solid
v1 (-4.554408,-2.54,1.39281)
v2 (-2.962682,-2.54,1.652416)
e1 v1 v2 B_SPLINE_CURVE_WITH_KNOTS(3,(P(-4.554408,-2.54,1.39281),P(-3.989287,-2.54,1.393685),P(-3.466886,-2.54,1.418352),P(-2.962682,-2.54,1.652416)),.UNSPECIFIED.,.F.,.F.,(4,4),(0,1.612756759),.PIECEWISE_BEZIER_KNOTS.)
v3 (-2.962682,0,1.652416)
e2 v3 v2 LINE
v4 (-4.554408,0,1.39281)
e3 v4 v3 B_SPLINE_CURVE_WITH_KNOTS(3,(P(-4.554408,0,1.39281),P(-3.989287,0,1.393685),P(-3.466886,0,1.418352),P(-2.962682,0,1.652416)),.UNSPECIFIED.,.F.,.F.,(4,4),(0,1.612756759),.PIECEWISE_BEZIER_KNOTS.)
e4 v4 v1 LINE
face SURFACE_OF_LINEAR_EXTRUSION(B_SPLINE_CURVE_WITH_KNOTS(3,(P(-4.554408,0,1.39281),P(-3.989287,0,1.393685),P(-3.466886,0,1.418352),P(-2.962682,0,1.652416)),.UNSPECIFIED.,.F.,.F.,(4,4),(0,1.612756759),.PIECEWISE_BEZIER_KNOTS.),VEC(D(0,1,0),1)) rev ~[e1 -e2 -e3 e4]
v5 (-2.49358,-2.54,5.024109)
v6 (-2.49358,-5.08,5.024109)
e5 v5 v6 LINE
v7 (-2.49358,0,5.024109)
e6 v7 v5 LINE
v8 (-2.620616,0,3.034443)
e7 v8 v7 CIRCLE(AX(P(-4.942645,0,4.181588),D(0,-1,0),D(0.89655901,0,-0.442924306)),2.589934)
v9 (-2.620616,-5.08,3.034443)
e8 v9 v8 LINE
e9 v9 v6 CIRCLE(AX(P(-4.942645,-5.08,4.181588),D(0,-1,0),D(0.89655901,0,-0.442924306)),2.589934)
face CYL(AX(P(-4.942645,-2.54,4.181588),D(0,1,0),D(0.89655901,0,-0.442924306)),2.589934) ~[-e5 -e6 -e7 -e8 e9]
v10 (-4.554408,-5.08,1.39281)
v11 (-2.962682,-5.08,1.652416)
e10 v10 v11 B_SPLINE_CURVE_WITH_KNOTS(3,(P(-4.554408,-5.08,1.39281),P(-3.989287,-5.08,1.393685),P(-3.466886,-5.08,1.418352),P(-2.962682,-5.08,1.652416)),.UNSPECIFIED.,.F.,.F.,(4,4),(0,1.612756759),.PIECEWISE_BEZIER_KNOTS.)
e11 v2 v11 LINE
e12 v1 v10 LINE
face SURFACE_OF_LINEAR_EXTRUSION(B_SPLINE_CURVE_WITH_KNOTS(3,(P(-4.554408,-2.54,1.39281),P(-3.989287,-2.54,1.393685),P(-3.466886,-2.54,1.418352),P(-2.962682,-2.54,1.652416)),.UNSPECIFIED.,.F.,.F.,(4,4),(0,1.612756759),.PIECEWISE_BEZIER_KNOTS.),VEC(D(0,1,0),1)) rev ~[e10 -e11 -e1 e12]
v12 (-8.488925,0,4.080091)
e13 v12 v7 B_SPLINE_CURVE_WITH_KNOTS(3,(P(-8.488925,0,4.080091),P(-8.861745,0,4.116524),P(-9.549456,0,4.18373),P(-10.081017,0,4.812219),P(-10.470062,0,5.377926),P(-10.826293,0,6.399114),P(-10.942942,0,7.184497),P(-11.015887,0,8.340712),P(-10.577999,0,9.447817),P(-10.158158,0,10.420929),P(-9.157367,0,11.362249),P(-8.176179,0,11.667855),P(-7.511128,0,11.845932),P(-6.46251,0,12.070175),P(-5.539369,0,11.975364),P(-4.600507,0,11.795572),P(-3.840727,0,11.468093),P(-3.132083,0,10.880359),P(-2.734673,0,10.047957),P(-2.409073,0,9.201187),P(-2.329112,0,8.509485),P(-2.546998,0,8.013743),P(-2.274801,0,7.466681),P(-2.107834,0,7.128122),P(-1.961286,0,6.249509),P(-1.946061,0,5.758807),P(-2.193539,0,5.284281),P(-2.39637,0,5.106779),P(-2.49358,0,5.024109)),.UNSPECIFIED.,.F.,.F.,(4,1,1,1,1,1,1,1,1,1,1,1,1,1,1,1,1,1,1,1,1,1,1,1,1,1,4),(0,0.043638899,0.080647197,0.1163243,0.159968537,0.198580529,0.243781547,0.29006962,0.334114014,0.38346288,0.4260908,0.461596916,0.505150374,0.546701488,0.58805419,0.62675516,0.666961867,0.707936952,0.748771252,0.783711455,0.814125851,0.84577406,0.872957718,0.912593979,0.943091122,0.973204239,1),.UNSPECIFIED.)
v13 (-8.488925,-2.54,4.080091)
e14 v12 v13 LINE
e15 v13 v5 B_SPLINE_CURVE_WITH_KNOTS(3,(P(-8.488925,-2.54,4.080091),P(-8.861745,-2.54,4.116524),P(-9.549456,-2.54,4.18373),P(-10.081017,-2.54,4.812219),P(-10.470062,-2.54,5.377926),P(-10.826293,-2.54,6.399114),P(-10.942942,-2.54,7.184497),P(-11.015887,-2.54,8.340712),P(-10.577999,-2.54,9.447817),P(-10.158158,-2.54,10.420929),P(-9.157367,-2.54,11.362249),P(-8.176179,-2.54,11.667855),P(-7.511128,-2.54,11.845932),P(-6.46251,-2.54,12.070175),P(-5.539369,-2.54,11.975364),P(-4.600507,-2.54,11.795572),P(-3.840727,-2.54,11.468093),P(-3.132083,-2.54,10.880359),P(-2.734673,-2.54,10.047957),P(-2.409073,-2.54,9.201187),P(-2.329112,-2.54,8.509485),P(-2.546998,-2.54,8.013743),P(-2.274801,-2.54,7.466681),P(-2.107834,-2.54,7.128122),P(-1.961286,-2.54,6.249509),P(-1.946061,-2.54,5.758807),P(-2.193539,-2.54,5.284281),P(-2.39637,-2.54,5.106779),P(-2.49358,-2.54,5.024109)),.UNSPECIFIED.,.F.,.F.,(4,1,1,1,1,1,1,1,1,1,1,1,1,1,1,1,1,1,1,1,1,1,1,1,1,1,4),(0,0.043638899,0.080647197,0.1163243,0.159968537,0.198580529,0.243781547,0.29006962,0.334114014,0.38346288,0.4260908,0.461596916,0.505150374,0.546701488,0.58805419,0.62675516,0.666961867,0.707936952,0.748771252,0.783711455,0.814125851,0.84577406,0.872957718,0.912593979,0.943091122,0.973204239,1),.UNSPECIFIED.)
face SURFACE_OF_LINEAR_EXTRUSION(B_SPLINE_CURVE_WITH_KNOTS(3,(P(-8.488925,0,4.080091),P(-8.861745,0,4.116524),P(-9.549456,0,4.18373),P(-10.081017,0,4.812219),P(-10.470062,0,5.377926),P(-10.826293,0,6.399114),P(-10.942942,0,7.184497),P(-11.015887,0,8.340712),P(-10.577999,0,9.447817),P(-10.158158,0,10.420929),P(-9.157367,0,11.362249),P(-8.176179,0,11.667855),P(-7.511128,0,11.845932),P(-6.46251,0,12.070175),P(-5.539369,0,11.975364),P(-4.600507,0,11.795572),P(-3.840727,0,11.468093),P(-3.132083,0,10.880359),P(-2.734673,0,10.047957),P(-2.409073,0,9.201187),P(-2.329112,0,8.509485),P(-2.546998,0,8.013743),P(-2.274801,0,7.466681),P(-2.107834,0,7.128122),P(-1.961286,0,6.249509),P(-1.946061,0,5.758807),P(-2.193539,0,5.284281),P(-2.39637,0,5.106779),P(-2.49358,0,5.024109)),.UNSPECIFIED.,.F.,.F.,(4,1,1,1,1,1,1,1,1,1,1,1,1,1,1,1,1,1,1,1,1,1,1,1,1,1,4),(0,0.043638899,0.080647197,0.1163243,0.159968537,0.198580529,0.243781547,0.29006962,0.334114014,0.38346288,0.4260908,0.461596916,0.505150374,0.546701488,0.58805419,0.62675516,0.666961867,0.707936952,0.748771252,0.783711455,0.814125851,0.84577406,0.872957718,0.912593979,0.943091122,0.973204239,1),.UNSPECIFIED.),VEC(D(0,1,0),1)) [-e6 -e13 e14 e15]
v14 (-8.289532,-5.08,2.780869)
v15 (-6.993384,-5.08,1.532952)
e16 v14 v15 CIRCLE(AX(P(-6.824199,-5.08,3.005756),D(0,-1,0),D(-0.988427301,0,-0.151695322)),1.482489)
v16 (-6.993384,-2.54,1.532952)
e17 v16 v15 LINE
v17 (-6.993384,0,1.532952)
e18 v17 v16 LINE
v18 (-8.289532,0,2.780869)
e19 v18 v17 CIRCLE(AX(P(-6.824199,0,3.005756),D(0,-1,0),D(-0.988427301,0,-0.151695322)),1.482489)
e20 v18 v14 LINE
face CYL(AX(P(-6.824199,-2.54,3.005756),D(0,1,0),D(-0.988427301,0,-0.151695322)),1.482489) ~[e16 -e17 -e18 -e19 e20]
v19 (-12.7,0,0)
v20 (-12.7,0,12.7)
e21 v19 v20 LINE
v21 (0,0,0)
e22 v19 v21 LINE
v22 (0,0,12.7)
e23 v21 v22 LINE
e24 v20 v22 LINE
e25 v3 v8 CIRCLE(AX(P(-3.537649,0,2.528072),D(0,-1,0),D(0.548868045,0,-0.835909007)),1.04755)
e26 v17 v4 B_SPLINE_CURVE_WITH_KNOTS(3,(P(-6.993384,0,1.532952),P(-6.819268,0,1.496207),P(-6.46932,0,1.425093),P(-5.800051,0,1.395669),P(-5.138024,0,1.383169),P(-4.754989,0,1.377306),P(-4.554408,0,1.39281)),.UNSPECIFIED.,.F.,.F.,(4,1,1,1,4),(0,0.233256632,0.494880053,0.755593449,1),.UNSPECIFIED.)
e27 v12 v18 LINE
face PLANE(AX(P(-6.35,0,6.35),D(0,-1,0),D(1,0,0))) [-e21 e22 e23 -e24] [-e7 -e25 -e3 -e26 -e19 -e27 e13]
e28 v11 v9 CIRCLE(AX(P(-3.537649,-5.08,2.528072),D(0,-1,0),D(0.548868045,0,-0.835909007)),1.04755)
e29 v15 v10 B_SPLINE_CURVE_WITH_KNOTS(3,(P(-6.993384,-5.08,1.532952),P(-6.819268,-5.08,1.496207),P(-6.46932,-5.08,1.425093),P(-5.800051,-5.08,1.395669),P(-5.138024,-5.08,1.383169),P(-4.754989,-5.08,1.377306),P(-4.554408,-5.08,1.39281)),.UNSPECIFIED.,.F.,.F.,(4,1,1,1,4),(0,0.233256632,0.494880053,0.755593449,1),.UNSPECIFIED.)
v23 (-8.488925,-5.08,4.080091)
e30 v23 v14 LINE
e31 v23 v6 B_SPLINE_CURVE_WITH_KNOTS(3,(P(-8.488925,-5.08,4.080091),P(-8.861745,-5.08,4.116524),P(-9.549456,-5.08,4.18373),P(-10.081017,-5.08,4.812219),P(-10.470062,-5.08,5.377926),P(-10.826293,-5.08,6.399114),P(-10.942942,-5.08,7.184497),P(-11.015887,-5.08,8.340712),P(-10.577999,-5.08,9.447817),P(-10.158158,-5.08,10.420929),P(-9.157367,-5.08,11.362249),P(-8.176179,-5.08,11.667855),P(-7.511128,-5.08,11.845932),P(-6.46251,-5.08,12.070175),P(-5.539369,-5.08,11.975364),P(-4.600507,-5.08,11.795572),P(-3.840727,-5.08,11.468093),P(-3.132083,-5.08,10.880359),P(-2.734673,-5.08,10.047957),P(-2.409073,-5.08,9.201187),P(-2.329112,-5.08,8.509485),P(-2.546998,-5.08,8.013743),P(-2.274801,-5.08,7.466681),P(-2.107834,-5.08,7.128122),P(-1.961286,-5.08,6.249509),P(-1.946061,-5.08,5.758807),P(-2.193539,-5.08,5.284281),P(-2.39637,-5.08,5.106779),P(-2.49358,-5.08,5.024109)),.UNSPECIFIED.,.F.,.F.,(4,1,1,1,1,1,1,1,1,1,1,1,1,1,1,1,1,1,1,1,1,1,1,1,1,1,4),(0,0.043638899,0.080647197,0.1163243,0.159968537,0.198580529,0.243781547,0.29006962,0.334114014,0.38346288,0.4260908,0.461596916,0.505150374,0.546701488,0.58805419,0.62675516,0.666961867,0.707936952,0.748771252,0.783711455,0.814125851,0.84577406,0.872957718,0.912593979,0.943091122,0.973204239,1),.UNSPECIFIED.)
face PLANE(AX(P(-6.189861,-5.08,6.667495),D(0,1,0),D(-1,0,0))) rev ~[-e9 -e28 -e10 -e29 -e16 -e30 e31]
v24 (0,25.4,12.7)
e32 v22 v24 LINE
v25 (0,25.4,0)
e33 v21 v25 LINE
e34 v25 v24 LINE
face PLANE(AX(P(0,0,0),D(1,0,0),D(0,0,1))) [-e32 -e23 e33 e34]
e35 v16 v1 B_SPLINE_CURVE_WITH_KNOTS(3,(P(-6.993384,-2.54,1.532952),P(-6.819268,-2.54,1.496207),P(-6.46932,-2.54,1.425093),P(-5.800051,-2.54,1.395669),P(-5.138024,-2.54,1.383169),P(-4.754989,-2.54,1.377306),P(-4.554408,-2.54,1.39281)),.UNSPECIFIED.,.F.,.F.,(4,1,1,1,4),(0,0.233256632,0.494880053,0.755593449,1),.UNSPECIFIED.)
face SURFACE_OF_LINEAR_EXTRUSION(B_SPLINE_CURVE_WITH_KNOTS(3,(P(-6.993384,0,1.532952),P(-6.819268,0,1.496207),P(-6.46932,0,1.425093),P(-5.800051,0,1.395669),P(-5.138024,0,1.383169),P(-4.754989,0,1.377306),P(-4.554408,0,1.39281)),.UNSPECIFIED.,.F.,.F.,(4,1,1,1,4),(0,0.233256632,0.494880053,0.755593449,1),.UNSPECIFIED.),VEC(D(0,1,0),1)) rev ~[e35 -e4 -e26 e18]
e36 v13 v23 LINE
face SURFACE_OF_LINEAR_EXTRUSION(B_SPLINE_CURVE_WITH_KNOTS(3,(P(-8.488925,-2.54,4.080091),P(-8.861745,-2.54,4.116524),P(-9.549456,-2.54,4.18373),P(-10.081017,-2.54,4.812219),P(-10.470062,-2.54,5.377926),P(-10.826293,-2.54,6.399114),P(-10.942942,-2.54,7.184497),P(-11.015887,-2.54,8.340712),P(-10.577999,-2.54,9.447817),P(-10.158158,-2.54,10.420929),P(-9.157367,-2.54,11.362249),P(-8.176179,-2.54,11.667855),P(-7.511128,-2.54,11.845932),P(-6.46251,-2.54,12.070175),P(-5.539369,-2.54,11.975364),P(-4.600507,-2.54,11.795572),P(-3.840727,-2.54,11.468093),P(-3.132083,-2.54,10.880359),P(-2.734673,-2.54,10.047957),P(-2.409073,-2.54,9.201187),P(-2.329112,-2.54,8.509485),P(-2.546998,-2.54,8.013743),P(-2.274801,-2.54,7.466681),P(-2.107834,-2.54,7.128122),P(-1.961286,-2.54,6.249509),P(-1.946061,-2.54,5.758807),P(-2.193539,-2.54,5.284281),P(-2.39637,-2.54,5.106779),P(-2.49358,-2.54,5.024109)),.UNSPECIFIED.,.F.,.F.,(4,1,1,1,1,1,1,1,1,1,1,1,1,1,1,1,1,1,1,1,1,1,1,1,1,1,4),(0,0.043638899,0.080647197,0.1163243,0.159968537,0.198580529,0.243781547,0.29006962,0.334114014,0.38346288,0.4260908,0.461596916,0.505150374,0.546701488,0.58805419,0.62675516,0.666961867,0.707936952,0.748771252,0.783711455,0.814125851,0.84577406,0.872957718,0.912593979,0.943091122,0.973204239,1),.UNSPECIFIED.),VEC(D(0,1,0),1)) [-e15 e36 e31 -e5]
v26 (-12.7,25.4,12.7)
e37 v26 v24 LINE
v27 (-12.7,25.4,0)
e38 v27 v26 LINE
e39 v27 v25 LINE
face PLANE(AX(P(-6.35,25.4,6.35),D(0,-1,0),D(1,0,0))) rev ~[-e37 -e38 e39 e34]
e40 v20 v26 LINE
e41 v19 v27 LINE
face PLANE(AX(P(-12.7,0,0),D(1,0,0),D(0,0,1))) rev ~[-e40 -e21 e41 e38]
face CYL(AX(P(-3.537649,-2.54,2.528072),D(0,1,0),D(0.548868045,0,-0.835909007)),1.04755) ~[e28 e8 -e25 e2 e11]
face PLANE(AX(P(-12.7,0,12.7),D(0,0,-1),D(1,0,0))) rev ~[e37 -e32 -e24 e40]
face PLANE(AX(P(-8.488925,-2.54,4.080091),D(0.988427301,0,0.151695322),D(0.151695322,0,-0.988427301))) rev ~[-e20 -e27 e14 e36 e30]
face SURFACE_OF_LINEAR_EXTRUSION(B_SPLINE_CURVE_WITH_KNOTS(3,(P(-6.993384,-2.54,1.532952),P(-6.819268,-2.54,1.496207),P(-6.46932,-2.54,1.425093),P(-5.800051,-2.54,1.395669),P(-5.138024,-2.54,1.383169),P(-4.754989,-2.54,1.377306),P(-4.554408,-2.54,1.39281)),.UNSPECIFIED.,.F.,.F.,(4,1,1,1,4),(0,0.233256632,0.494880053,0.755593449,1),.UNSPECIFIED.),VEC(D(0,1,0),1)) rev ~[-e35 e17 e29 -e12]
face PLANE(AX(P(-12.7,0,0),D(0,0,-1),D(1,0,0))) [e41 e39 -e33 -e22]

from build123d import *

# Parameters (mm, degrees)
F1_DEPTH = 2.54
F2_W     = 12.7
F2_H     = 12.7
F3_DEPTH = 25.4
F4_DEPTH = 2.54


with BuildPart() as f1:
    # F0 (on Front) → F1 (new body)
    with BuildSketch(Plane.XZ):
        with BuildLine():
            add(Edge.make_bspline(
                [(-8.4889251739, 4.0800906718), (-8.8617452243, 4.1165242433), (-9.549455901, 4.183730275), (-10.0810170658, 4.8122186645), (-10.4700618228, 5.3779262362), (-10.8262926419, 6.3991144078), (-10.9429418219, 7.1844969718), (-11.0158871328, 8.3407116722), (-10.5779986667, 9.4478173258), (-10.1581575437, 10.4209290534), (-9.1573668092, 11.3622487088), (-8.1761791241, 11.6678550706), (-7.5111279513, 11.8459317334), (-6.4625099417, 12.0701748884), (-5.5393691163, 11.9753640587), (-4.6005069955, 11.7955720879), (-3.8407265188, 11.4680933777), (-3.1320832722, 10.8803594483), (-2.7346732068, 10.0479566696), (-2.4090732542, 9.2011874209), (-2.3291116587, 8.5094854147), (-2.5469984012, 8.0137426061), (-2.2748012377, 7.4666814795), (-2.107834182, 7.1281217867), (-1.9612856318, 6.2495087964), (-1.9460609013, 5.7588071468), (-2.1935393675, 5.2842811702), (-2.3963698919, 5.106779428), (-2.493579872, 5.0241085701)],
                knots=[0, 0, 0, 0, 0.0436388988, 0.080647197, 0.1163243001, 0.1599685366, 0.1985805295, 0.2437815472, 0.2900696198, 0.3341140143, 0.3834628802, 0.4260907995, 0.4615969161, 0.5051503739, 0.5467014878, 0.58805419, 0.62675516, 0.6669618665, 0.7079369523, 0.7487712519, 0.7837114552, 0.8141258509, 0.8457740598, 0.8729577178, 0.9125939793, 0.9430911222, 0.9732042386, 1, 1, 1, 1], degree=3))
            Line((-8.4889251739, 4.0800906718), (-8.2895318578, 2.7808693492))
            ThreePointArc((-8.2895318578, 2.7808693492), (-7.8524188889, 1.937796189), (-6.9933836584, 1.5329523007))
            add(Edge.make_bspline(
                [(-6.9933836584, 1.5329523007), (-6.8192683867, 1.4962066313), (-6.4693196837, 1.4250927188), (-5.8000507936, 1.3956691424), (-5.1380240151, 1.3831694125), (-4.7549887094, 1.377305774), (-4.5544075169, 1.3928102558)],
                knots=[0, 0, 0, 0, 0.2332566315, 0.4948800533, 0.7555934486, 1, 1, 1, 1], degree=3))
            add(Edge.make_bspline(
                [(-4.5544075169, 1.3928102558), (-3.9892874978, 1.3936850005), (-3.4668862354, 1.4183520107), (-2.9626822181, 1.6524156041)],
                knots=[0, 0, 0, 0, 1.612756759, 1.612756759, 1.612756759, 1.612756759], degree=3))
            ThreePointArc((-2.9626822181, 1.6524156041), (-2.5207832683, 2.2763871381), (-2.620615739, 3.0344429639))
            ThreePointArc((-2.620615739, 3.0344429639), (-2.3579732862, 4.0165620949), (-2.493579872, 5.0241085701))
        make_face()
    extrude(amount=F1_DEPTH)

    # F2 (on Front) → F3 (join)
    with BuildSketch(Plane.XZ):
        with Locations((-6.35, 6.35)):
            Rectangle(F2_W, F2_H)
    extrude(amount=-F3_DEPTH)

    # F4 (add): a face of the model
    f4_faces = [f1.faces().sort_by_distance(p)[0] for p in [
        (-6.2292594125, -2.54, 6.8088283334),
    ]]
    extrude(f4_faces, amount=F4_DEPTH)


solid = f1.part
